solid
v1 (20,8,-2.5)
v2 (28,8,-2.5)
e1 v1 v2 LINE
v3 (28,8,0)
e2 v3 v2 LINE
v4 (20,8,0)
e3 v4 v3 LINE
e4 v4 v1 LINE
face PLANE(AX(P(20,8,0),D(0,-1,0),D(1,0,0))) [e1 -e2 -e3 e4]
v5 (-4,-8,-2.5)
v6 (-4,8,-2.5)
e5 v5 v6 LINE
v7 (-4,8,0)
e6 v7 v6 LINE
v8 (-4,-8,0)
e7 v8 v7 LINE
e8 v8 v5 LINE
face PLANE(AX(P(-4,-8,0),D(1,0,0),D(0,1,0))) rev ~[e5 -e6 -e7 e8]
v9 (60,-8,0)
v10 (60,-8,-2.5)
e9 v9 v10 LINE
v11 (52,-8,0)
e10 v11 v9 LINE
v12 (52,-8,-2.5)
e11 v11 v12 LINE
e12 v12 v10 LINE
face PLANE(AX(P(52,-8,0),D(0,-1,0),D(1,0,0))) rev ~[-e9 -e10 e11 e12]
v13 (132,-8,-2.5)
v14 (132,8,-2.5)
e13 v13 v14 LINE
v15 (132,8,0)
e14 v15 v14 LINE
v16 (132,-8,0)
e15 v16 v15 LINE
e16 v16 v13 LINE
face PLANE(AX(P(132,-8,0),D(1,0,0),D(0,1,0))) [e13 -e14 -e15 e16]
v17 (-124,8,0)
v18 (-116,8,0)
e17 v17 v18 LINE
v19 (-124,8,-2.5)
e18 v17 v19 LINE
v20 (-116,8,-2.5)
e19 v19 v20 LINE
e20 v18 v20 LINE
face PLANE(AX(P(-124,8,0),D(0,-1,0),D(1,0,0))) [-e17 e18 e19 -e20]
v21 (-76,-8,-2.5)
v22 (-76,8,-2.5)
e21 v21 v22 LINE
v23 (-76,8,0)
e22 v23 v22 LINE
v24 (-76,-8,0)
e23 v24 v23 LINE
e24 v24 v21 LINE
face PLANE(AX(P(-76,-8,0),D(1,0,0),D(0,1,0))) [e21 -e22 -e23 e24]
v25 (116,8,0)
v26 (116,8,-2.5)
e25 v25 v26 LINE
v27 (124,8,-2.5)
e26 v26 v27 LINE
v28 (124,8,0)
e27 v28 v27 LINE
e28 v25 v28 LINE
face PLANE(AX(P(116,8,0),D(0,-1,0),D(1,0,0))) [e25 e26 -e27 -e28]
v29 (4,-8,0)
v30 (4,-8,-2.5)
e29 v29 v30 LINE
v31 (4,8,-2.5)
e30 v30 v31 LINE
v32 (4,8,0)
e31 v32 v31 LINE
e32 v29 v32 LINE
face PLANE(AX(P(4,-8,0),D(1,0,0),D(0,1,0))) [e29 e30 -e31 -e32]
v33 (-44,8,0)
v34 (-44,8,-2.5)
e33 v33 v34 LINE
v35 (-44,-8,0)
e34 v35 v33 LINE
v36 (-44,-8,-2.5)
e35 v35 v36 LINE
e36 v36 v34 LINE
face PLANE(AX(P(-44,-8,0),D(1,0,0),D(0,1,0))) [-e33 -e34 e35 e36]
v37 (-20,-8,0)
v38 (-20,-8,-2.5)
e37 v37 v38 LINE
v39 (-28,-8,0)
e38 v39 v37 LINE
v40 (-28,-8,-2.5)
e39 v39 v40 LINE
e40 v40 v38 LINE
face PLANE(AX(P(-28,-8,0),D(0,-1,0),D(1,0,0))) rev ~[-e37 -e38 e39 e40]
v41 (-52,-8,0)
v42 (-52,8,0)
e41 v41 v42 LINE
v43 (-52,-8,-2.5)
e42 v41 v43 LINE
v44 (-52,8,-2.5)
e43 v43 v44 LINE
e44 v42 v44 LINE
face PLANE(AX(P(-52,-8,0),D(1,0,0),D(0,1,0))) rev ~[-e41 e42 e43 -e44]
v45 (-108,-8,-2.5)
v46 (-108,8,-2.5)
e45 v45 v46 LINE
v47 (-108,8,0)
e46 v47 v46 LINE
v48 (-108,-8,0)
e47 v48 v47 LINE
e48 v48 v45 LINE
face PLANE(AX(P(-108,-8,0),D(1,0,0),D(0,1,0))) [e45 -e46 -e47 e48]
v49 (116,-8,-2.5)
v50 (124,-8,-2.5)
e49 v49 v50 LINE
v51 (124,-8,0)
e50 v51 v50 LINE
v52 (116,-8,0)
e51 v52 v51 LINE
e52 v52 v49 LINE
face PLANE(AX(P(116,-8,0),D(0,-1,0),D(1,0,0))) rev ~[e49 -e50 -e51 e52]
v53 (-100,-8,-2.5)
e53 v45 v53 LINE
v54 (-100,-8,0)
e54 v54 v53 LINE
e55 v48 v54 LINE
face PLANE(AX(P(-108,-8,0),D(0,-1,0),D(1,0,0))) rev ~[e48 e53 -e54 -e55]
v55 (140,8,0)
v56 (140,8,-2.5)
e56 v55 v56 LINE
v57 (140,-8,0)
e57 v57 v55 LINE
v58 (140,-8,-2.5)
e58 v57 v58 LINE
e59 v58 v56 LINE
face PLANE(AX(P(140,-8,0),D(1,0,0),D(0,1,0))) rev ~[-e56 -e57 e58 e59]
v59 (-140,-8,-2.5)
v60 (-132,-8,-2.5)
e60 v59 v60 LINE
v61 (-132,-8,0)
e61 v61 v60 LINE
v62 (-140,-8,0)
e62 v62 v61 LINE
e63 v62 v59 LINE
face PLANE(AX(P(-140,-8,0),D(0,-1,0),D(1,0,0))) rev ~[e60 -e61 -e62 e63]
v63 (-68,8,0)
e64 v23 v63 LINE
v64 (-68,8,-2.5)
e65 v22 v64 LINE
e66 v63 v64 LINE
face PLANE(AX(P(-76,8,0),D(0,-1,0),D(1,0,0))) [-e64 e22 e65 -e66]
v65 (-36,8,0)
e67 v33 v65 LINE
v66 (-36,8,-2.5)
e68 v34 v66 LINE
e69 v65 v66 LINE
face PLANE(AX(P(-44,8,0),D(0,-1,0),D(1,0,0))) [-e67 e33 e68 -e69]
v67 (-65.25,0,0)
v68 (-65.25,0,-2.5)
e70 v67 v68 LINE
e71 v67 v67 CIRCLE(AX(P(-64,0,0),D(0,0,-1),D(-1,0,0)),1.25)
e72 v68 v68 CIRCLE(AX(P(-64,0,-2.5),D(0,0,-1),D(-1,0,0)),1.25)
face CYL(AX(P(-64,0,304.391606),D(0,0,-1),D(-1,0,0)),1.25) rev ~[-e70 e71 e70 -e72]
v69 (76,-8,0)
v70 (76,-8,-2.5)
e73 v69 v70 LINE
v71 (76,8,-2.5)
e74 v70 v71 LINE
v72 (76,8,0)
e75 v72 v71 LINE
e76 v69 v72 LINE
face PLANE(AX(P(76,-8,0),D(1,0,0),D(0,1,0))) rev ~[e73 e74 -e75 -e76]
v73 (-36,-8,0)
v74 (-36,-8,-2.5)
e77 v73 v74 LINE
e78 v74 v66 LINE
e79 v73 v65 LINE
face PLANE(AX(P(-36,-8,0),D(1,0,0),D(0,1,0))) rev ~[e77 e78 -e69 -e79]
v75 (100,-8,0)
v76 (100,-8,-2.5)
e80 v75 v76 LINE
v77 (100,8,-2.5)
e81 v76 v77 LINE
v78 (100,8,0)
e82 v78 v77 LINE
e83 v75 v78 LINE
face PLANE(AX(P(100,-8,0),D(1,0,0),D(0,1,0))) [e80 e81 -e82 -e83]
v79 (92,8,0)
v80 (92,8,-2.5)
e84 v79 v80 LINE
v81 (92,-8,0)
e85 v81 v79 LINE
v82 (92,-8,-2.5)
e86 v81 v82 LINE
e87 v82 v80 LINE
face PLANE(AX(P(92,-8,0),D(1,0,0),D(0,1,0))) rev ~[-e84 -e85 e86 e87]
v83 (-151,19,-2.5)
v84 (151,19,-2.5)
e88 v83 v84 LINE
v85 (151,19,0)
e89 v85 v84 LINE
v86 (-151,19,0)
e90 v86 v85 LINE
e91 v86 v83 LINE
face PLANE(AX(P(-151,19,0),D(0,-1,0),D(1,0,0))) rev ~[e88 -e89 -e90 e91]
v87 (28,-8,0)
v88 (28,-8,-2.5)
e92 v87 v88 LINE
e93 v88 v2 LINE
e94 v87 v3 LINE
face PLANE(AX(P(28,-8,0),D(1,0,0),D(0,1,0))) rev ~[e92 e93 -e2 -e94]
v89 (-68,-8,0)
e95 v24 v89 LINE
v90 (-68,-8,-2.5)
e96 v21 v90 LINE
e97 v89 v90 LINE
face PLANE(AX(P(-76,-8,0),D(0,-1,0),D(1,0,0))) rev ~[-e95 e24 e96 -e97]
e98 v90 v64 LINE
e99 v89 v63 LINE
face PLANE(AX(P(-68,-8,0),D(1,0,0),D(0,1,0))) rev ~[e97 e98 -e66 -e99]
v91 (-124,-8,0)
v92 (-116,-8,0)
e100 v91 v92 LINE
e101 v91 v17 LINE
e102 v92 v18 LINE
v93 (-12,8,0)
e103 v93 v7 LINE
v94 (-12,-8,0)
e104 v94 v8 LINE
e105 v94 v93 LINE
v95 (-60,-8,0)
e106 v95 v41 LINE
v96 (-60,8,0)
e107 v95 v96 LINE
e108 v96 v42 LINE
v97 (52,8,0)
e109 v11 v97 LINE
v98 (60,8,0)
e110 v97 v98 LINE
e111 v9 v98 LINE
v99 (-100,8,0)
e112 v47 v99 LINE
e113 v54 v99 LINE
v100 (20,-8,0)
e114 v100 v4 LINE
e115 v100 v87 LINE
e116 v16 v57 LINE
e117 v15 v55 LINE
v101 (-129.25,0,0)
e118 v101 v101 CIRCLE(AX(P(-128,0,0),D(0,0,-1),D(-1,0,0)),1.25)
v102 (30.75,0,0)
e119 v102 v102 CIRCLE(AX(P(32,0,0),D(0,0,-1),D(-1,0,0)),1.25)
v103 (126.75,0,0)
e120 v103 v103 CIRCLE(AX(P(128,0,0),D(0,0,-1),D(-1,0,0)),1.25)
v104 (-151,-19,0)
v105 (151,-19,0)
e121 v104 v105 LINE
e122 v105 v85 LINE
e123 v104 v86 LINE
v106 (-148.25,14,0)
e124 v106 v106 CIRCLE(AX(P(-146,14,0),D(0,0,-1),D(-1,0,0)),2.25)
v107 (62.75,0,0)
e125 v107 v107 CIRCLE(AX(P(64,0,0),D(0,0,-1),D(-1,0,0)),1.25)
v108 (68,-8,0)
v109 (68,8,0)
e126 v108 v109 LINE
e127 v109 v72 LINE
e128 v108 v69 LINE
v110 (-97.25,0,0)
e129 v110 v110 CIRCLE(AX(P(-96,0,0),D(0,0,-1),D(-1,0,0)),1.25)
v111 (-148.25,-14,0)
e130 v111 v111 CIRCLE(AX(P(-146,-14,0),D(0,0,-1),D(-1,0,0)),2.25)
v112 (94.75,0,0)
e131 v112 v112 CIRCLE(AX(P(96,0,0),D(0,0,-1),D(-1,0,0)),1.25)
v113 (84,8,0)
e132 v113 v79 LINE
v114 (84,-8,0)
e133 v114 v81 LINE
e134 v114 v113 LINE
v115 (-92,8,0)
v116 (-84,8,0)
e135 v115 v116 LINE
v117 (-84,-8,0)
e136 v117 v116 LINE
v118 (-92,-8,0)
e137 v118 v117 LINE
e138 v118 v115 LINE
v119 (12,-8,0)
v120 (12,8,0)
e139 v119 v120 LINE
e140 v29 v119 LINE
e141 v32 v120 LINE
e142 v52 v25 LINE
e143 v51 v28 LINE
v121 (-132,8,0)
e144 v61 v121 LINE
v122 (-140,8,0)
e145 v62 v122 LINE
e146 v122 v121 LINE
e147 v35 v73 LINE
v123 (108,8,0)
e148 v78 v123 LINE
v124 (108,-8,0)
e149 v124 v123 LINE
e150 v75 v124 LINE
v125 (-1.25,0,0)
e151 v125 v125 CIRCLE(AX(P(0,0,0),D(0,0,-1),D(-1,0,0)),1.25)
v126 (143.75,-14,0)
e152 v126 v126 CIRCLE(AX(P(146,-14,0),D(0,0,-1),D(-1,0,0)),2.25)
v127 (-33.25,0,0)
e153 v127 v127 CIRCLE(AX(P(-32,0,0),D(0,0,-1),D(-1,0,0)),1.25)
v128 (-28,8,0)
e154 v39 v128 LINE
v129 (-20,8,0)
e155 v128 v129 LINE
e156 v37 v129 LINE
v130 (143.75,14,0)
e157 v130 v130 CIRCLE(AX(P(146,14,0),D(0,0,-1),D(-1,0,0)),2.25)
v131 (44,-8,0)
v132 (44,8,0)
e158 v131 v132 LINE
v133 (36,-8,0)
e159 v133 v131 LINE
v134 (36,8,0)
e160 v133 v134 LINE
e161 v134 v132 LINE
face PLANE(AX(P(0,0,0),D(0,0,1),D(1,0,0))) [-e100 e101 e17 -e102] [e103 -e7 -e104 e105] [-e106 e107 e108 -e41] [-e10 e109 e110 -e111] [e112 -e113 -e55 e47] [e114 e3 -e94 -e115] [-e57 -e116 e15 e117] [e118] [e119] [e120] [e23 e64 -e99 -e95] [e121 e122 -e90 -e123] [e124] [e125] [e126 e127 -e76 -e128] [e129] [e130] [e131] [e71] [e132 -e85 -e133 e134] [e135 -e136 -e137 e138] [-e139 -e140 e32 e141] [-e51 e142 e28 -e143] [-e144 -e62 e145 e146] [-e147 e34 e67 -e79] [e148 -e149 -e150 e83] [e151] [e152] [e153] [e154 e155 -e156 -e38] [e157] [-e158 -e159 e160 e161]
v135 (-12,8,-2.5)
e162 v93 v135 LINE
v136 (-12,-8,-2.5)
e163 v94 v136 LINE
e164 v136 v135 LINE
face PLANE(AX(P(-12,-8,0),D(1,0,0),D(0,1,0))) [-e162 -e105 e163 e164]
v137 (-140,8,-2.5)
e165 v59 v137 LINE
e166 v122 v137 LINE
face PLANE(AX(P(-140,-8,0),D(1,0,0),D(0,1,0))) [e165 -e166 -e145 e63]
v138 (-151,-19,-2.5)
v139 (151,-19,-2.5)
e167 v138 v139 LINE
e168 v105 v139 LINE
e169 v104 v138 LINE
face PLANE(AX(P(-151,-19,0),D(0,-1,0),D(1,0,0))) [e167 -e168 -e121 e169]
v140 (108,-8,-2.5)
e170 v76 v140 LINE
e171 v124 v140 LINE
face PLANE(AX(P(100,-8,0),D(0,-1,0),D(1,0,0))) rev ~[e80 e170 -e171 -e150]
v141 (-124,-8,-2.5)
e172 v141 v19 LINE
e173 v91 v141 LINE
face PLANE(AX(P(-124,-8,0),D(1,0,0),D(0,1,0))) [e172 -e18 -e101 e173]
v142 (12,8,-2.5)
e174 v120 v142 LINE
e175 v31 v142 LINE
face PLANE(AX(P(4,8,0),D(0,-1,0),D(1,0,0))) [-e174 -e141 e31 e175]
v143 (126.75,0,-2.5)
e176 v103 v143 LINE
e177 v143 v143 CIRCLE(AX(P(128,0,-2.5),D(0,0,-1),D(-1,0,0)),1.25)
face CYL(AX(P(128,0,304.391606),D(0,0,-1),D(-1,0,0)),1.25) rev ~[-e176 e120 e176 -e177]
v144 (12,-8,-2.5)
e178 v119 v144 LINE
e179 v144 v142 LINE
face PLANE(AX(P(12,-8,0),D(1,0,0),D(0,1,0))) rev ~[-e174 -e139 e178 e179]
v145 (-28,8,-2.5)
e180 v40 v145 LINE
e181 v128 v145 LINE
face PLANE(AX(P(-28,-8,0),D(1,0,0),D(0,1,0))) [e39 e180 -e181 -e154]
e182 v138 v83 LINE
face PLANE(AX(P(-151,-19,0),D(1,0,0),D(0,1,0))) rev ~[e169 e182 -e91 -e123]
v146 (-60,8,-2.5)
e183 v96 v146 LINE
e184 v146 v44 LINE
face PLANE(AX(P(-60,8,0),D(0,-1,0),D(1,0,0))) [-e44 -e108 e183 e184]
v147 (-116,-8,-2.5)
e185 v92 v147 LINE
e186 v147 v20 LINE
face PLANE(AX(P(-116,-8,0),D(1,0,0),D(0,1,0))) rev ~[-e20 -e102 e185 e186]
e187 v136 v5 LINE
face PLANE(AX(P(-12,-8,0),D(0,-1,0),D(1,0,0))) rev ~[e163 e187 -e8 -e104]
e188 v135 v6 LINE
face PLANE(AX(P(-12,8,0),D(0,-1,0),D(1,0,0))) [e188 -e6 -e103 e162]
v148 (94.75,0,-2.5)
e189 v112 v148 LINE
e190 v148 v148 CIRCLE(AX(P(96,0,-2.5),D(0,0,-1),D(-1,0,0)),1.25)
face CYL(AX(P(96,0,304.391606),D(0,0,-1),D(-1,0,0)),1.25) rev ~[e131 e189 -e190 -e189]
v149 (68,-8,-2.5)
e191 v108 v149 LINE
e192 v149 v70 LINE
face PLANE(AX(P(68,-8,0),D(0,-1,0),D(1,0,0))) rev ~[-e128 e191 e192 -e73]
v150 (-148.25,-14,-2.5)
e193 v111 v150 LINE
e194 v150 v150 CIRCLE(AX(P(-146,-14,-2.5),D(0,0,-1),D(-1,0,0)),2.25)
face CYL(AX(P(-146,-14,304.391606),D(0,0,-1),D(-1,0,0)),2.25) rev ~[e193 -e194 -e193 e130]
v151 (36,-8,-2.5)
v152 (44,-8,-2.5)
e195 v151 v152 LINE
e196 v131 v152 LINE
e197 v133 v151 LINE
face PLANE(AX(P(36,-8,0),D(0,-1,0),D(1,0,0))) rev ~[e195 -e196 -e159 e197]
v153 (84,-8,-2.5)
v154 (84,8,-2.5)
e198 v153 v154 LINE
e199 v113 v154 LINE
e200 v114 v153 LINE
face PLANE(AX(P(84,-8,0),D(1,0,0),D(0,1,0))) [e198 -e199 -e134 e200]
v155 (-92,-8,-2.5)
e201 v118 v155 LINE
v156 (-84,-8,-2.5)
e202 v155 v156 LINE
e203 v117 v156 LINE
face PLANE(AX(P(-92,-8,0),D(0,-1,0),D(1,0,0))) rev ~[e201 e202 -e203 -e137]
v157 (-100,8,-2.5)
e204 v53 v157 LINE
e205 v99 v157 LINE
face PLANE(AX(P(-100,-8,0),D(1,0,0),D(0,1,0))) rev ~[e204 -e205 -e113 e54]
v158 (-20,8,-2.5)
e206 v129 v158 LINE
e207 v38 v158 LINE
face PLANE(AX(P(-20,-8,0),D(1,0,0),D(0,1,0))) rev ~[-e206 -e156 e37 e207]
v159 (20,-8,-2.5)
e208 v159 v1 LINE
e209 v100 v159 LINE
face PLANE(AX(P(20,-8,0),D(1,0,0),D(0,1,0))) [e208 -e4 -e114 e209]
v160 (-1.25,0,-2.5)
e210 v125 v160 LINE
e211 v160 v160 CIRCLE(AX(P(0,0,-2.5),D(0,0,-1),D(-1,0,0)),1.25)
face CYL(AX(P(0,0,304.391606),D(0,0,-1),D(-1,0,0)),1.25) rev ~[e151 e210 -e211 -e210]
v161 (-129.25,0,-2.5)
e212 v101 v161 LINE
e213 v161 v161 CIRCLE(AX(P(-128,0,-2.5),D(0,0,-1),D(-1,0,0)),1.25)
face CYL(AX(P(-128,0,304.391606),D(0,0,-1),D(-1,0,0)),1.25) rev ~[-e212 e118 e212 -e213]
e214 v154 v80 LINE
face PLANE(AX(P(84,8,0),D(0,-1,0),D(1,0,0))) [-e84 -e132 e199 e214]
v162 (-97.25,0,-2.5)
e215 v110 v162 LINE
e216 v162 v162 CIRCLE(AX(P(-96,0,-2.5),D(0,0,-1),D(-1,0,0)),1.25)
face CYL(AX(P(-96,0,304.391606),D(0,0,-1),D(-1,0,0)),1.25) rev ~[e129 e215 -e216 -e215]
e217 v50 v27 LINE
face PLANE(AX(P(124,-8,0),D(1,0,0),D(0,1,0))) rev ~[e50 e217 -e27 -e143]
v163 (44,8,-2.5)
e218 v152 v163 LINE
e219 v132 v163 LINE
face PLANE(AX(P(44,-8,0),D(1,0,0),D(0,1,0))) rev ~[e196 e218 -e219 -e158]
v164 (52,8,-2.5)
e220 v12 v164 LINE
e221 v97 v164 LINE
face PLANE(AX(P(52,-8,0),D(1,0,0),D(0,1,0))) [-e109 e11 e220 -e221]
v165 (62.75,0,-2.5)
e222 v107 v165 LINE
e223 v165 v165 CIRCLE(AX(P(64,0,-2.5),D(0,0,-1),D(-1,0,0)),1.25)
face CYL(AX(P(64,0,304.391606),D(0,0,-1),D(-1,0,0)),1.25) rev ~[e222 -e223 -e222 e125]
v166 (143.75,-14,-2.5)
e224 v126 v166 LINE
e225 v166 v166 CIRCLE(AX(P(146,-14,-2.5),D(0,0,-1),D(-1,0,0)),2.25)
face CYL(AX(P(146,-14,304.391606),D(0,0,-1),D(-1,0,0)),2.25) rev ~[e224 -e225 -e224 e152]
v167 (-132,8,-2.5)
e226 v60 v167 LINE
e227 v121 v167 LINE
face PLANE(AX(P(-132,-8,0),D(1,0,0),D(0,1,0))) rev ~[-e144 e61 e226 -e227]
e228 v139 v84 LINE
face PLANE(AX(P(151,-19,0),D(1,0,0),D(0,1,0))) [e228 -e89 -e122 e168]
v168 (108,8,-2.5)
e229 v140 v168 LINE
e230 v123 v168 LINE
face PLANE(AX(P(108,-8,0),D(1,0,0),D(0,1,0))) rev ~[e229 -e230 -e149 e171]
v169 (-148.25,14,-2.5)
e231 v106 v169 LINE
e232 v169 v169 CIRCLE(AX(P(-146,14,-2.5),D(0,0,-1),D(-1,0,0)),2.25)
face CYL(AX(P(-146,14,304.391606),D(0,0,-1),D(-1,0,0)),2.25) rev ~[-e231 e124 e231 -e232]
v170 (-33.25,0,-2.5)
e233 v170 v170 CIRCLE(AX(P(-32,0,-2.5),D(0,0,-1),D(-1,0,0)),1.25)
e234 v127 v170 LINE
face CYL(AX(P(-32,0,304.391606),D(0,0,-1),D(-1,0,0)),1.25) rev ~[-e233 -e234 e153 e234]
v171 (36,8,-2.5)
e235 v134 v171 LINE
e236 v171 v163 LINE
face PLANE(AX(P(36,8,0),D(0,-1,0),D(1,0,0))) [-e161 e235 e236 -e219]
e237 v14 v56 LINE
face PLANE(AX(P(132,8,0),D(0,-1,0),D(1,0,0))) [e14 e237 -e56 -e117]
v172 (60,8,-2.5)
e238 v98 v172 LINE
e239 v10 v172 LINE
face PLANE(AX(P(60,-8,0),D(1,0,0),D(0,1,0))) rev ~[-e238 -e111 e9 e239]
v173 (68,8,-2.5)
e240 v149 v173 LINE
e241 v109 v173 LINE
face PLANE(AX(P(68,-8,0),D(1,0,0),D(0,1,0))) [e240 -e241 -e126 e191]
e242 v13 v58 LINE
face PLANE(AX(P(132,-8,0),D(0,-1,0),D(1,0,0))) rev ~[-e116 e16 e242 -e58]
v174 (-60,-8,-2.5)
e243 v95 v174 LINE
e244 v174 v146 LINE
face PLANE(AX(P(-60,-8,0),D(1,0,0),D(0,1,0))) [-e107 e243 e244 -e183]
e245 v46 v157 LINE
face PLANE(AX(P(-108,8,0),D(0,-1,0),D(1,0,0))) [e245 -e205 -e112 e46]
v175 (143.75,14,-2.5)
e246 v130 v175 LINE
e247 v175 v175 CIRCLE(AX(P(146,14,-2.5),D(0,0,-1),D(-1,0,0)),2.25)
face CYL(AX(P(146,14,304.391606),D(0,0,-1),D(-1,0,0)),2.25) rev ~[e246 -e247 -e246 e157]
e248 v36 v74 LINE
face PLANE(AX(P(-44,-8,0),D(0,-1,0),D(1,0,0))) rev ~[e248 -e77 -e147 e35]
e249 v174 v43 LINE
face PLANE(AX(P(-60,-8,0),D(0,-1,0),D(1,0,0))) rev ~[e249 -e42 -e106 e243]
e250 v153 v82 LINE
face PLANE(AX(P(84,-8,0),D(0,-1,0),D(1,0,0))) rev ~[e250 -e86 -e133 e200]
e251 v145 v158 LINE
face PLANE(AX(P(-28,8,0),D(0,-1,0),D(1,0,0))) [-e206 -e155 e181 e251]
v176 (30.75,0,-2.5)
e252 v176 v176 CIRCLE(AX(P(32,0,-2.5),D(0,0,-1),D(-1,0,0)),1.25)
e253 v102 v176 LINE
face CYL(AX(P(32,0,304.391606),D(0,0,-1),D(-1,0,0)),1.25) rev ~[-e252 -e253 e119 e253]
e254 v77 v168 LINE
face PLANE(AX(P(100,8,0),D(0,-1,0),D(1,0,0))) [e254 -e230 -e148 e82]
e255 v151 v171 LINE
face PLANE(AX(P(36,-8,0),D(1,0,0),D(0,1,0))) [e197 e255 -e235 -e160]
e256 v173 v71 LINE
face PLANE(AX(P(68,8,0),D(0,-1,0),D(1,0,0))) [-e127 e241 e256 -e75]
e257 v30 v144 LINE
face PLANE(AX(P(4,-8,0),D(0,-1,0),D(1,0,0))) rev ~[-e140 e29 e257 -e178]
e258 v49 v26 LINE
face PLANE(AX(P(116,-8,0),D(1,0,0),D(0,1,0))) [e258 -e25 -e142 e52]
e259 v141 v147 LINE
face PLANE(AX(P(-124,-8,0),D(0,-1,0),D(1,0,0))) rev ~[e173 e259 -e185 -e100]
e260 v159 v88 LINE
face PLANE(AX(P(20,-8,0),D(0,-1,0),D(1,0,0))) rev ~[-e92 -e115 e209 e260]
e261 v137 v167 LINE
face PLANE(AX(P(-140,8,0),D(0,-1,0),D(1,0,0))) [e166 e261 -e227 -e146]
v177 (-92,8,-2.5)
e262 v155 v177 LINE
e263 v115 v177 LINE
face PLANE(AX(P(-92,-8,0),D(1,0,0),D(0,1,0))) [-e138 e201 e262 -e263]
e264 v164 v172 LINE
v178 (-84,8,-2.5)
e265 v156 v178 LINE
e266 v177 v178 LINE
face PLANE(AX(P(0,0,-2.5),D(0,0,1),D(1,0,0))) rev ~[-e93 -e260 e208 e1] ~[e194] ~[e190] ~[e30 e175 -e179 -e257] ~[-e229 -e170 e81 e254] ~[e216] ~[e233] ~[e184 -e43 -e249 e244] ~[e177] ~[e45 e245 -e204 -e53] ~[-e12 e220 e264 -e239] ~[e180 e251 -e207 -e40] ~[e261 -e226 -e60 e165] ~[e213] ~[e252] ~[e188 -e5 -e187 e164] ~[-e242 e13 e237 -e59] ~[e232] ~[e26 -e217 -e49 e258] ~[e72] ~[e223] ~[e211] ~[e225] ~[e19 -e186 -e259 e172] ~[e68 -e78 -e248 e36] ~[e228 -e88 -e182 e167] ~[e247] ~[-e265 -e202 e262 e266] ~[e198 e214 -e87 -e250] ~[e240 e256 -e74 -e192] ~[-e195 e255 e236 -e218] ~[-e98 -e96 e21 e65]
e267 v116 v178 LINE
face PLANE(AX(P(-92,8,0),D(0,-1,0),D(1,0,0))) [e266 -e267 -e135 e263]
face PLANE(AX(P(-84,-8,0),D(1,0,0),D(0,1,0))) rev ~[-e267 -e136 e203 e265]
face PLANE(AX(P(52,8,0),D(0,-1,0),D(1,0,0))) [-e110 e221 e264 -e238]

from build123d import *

# Parameters (mm, degrees)
F0_W     = 302
F0_H     = 38
F0_W_2   = 8
F0_H_2   = 16
F1_DEPTH = 2.5
F2_D     = 2.5
F3_D     = 4.5
F4_DEPTH = 2.501


with BuildPart() as f1:
    # F0 (on Top) → F1 (new body)
    with BuildSketch(Plane.XY):
        Rectangle(F0_W, F0_H)
        with Locations((-136, 0)):
            Rectangle(F0_W_2, F0_H_2, mode=Mode.SUBTRACT)
        with Locations((-120, 0)):
            Rectangle(F0_W_2, F0_H_2, mode=Mode.SUBTRACT)
        with Locations((-104, 0)):
            Rectangle(F0_W_2, F0_H_2, mode=Mode.SUBTRACT)
        with Locations((-88, 0)):
            Rectangle(F0_W_2, F0_H_2, mode=Mode.SUBTRACT)
        with Locations((-72, 0)):
            Rectangle(F0_W_2, F0_H_2, mode=Mode.SUBTRACT)
        with Locations((-56, 0)):
            Rectangle(F0_W_2, F0_H_2, mode=Mode.SUBTRACT)
        with Locations((-40, 0)):
            Rectangle(F0_W_2, F0_H_2, mode=Mode.SUBTRACT)
        with Locations((-24, 0)):
            Rectangle(F0_W_2, F0_H_2, mode=Mode.SUBTRACT)
        with Locations((-8, 0)):
            Rectangle(F0_W_2, F0_H_2, mode=Mode.SUBTRACT)
        with Locations((8, 0)):
            Rectangle(F0_W_2, F0_H_2, mode=Mode.SUBTRACT)
        with Locations((24, 0)):
            Rectangle(F0_W_2, F0_H_2, mode=Mode.SUBTRACT)
        with Locations((40, 0)):
            Rectangle(F0_W_2, F0_H_2, mode=Mode.SUBTRACT)
        with Locations((56, 0)):
            Rectangle(F0_W_2, F0_H_2, mode=Mode.SUBTRACT)
        with Locations((72, 0)):
            Rectangle(F0_W_2, F0_H_2, mode=Mode.SUBTRACT)
        with Locations((88, 0)):
            Rectangle(F0_W_2, F0_H_2, mode=Mode.SUBTRACT)
        with Locations((104, 0)):
            Rectangle(F0_W_2, F0_H_2, mode=Mode.SUBTRACT)
        with Locations((120, 0)):
            Rectangle(F0_W_2, F0_H_2, mode=Mode.SUBTRACT)
        with Locations((136, 0)):
            Rectangle(F0_W_2, F0_H_2, mode=Mode.SUBTRACT)
    extrude(amount=-F1_DEPTH)

    # F2 (through all)
    with Locations(Plane.XY):
        with Locations((-128, 0), (-96, 0), (-64, 0), (-32, 0), (0, 0), (32, 0), (64, 0), (96, 0), (128, 0)):
            Hole(F2_D / 2)

    # F3 (through all)
    with Locations(Plane.XY):
        with Locations((-146, 14), (-146, -14), (146, 14), (146, -14)):
            Hole(F3_D / 2)

    # F0 (on Top) → F4 (cut, through all)
    with BuildSketch(Plane.XY):
        with Locations((-136, 0)):
            Rectangle(F0_W_2, F0_H_2)
    extrude(amount=-F4_DEPTH, mode=Mode.SUBTRACT)


solid = f1.part
